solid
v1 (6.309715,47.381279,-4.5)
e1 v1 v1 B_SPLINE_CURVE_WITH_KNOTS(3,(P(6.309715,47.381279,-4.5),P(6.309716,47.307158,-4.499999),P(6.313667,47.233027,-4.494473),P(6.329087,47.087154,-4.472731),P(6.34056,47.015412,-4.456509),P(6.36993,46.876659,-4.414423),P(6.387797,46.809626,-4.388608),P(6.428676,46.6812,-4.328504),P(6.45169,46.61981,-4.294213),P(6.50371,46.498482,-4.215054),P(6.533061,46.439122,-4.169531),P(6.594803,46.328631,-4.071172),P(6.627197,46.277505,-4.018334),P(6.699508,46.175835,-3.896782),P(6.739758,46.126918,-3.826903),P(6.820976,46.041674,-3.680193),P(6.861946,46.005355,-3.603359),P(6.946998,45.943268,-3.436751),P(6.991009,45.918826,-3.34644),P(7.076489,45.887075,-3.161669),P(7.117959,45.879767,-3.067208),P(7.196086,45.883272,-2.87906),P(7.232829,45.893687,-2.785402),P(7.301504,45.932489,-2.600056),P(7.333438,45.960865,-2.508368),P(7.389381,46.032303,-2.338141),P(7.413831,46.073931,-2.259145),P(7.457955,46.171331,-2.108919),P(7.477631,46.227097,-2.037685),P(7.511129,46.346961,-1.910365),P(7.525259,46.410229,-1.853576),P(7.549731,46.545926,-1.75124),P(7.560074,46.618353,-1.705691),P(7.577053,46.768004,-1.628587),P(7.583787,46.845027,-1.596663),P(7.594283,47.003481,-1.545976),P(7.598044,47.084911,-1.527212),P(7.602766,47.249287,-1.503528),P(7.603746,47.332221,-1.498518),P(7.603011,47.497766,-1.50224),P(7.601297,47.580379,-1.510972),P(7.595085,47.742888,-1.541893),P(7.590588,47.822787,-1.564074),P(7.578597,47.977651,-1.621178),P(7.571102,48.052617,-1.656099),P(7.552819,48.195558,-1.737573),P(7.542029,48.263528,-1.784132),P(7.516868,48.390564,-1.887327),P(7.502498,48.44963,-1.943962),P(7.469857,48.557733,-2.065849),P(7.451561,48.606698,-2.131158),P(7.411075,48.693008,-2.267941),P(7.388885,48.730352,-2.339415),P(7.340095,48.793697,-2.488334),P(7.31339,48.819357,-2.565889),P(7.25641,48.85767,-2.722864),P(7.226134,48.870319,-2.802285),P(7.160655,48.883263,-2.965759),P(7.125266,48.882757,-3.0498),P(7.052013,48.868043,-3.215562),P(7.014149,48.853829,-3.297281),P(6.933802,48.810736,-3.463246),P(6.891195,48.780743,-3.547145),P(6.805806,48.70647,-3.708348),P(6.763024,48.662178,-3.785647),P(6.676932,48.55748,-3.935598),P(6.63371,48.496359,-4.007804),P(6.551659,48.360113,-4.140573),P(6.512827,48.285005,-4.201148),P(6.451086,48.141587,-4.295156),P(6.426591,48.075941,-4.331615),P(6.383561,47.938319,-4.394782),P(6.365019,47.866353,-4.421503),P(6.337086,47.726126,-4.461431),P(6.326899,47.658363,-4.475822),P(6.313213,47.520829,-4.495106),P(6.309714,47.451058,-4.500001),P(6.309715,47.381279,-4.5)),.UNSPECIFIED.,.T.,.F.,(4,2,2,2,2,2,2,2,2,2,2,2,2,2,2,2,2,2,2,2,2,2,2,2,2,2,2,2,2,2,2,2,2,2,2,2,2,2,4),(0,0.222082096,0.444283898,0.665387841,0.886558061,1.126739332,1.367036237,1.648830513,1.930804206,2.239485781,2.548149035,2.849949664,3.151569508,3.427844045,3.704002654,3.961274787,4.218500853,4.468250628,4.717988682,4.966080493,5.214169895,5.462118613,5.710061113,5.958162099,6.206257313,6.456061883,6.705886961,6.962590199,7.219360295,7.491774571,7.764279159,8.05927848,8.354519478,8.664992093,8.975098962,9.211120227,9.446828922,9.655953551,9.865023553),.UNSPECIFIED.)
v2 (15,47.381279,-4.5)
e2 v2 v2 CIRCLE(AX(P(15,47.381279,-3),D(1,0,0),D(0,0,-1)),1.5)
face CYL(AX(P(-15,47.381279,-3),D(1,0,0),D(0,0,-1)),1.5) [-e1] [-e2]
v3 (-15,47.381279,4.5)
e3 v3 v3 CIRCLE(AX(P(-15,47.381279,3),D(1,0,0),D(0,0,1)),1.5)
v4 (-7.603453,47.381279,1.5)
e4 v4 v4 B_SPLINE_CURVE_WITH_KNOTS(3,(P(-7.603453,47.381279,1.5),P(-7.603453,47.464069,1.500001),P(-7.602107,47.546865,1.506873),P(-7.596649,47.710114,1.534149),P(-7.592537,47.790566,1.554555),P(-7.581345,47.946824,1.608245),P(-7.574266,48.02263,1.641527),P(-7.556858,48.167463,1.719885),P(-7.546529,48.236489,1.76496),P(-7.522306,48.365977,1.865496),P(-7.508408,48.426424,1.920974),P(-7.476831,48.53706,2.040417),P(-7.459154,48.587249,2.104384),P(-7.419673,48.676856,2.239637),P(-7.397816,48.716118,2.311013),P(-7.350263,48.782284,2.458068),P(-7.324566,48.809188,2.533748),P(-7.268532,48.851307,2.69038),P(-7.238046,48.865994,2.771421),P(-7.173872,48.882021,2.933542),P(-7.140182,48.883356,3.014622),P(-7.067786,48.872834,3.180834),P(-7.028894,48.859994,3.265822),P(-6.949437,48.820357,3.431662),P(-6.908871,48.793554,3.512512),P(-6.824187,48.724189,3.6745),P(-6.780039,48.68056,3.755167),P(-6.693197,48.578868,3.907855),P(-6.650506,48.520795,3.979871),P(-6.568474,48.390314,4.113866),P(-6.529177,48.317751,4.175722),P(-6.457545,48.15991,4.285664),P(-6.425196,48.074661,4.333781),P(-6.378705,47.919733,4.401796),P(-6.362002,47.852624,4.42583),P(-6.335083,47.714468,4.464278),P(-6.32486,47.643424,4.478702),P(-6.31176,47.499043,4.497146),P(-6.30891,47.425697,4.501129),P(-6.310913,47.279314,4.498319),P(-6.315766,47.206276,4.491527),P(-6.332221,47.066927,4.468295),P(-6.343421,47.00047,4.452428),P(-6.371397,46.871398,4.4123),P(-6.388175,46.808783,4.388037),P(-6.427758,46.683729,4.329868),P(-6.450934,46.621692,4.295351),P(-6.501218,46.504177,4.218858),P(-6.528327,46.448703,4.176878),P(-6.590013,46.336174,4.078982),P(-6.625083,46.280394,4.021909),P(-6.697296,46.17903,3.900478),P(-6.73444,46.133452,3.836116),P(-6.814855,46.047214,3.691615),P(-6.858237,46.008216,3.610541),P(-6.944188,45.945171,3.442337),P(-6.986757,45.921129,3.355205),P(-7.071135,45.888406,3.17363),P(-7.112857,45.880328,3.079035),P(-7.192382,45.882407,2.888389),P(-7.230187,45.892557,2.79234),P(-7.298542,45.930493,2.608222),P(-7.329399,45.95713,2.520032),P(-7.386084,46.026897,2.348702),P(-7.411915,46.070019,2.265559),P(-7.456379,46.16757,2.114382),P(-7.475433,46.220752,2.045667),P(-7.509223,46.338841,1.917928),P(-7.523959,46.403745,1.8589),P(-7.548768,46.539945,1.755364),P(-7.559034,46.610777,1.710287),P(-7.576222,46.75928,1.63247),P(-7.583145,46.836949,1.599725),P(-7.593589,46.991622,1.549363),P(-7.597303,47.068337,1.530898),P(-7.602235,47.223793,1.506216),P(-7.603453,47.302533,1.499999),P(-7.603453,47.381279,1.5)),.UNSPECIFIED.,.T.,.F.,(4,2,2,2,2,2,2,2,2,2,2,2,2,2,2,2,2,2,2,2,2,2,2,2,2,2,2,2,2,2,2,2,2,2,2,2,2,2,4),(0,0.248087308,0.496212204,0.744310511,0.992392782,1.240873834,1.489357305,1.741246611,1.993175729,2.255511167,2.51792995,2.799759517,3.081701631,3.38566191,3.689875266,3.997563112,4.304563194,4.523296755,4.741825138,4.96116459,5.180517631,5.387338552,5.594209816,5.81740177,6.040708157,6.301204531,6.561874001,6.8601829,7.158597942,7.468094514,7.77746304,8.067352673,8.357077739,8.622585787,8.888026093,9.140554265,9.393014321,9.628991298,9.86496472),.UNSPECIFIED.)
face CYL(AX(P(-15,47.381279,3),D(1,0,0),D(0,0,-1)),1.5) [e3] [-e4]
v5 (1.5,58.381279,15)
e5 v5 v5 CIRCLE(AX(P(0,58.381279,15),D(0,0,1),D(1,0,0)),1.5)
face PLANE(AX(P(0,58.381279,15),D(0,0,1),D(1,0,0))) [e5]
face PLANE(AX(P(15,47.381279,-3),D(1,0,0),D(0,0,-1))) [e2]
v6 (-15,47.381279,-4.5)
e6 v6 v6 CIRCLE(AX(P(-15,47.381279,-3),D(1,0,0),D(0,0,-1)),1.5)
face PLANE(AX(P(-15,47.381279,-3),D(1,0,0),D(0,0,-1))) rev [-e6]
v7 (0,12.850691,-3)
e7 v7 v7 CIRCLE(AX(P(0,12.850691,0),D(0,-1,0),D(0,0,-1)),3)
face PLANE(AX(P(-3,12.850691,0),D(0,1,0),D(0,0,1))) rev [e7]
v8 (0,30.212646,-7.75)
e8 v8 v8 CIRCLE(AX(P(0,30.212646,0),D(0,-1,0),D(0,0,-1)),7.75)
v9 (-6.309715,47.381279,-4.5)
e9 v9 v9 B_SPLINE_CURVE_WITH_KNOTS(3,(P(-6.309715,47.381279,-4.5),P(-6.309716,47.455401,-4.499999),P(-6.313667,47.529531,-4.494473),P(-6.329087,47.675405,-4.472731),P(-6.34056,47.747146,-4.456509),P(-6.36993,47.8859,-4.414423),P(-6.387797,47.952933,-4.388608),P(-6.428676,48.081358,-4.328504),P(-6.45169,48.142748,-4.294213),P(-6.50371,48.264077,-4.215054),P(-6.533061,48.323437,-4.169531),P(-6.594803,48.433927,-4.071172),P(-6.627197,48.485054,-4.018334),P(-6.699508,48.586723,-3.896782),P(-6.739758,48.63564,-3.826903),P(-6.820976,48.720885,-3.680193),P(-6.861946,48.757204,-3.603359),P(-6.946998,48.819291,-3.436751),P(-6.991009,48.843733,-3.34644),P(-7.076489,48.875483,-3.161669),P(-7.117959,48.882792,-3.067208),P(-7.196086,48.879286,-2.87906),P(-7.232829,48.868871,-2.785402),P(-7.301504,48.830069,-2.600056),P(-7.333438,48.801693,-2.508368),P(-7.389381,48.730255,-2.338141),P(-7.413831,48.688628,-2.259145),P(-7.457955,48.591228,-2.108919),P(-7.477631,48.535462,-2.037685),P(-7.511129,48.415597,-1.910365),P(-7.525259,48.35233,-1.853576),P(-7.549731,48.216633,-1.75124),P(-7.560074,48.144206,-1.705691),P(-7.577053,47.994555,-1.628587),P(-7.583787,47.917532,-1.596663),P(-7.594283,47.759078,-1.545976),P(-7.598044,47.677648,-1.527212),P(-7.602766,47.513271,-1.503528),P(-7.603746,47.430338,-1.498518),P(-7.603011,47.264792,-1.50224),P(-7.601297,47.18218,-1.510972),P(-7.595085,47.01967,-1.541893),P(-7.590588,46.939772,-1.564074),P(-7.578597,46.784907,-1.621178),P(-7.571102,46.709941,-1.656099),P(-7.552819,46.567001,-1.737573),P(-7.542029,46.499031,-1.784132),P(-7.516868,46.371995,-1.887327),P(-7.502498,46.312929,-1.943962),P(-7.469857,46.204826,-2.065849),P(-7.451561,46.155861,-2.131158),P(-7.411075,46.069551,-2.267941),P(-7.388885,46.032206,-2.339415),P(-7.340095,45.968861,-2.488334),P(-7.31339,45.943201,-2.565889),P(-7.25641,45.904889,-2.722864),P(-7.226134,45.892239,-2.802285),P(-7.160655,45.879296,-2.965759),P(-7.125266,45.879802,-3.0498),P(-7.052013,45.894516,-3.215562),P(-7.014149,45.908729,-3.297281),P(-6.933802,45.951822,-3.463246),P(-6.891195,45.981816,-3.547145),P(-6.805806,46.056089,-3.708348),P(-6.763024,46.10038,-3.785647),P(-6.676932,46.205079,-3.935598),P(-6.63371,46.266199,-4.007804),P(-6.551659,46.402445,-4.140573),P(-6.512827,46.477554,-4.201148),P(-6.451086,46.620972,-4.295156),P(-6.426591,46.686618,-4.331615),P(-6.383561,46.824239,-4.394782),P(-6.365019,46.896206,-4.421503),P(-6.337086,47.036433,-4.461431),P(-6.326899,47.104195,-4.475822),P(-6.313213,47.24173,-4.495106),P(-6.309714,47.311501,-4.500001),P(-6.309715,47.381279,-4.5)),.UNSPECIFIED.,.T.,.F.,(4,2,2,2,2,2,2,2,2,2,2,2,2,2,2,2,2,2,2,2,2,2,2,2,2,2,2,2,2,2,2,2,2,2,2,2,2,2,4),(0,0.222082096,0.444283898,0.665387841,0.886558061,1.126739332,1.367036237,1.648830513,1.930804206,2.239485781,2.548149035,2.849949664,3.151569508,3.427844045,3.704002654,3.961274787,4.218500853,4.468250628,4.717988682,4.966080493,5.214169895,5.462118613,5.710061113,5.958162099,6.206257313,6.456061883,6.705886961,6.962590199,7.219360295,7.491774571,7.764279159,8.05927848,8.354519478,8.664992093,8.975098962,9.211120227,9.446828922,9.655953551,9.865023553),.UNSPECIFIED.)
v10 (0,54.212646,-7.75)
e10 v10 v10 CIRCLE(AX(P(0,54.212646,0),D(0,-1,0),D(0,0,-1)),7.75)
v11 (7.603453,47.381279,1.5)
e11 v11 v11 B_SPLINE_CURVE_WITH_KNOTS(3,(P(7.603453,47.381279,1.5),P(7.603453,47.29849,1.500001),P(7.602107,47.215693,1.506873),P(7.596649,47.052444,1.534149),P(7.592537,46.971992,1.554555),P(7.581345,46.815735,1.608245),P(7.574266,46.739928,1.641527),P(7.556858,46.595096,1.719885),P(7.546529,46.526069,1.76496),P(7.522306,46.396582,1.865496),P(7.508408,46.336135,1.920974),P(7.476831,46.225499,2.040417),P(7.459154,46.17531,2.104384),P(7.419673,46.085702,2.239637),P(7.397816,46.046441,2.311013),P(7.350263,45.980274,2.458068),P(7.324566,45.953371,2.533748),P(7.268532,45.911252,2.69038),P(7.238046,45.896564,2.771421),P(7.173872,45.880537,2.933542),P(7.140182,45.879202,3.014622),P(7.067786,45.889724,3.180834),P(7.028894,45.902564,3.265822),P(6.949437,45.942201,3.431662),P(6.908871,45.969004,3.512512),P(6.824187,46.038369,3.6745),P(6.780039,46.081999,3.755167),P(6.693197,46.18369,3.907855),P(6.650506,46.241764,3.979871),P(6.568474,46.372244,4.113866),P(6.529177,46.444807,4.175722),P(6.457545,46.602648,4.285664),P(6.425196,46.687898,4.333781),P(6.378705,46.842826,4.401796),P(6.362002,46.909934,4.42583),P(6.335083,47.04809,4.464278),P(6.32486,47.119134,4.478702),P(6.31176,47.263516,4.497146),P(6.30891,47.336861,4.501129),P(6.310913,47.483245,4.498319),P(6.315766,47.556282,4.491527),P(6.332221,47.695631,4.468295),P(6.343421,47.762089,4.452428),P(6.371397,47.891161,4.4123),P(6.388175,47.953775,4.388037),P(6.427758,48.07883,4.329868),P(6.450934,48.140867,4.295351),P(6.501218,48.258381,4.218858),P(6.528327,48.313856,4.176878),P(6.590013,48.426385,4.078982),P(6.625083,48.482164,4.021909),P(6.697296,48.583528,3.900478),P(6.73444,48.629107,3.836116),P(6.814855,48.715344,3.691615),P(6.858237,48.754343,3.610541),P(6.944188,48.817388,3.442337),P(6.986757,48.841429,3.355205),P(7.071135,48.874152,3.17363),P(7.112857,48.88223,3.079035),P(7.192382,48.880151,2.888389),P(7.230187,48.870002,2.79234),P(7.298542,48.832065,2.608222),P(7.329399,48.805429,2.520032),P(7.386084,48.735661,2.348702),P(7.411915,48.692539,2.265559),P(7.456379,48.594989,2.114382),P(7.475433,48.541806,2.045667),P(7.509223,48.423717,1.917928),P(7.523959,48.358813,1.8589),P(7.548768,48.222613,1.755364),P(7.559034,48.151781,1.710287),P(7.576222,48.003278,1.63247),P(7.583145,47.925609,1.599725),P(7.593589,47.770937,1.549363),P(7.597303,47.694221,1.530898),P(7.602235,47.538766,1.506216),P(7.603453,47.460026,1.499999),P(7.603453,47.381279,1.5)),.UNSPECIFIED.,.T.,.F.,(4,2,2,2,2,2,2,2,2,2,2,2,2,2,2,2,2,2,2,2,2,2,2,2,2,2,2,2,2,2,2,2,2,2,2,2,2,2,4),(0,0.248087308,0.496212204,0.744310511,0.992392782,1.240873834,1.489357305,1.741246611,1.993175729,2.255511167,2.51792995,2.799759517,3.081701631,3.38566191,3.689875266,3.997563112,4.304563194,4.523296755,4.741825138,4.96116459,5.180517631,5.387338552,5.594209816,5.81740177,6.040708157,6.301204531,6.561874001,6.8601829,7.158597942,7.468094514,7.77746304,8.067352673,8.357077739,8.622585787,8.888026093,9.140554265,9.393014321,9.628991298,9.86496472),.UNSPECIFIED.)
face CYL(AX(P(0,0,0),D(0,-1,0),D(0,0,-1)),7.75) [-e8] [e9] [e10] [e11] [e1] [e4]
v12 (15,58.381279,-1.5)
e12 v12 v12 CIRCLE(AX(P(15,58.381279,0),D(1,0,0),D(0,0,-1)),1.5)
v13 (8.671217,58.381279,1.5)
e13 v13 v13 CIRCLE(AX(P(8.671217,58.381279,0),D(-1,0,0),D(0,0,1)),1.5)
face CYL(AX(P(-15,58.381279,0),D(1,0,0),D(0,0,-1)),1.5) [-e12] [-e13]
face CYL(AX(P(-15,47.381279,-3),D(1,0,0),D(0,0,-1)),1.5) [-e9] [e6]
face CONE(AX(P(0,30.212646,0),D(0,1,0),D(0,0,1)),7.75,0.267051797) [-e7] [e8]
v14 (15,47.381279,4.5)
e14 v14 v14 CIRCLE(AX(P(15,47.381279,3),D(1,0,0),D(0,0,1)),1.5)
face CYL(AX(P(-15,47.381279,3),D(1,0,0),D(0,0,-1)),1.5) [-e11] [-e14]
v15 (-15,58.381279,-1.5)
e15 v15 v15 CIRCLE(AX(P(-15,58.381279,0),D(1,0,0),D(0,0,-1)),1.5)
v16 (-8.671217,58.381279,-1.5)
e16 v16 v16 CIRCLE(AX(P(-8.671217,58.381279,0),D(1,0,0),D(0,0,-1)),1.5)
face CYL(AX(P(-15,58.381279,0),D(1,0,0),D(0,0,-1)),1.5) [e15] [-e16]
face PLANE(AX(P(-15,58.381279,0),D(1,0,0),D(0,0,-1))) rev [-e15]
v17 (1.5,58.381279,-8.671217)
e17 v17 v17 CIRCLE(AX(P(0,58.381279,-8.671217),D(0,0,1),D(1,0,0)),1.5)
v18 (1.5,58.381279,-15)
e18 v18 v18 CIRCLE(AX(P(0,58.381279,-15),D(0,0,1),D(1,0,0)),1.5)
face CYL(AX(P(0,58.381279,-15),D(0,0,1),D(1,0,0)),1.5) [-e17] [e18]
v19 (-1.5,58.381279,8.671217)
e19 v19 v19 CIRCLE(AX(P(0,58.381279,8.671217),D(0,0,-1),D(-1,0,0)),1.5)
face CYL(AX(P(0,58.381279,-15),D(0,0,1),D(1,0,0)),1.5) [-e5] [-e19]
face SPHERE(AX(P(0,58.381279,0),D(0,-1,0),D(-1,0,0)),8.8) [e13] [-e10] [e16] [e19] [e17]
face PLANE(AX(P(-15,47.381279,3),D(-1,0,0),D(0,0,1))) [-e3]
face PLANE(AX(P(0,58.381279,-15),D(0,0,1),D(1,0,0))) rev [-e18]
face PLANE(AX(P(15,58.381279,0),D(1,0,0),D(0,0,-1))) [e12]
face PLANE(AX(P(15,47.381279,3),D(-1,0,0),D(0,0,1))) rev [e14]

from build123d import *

# Parameters (mm, degrees)
BOSS_EXTRUDE1_DEPTH      = 15
BOSS_EXTRUDE1_DEPTH_BACK = 15
SKETCH4_R                = 1.5
BOSS_EXTRUDE2_DEPTH      = 15
BOSS_EXTRUDE2_DEPTH_BACK = 15
SKETCH6_R                = 1.5


with BuildPart() as part:
    # Sketch1 → Revolve1 (revolve)
    with BuildSketch(Plane.XY):
        with BuildLine():
            Line((-7.75, 54.212646434), (-7.75, 30.212646434))
            Line((-7.75, 30.212646434), (-3, 12.850690899))
            Line((-3, 12.850690899), (0, 12.850690899))
            Line((0, 12.850690899), (0, 67.181279304))
            ThreePointArc((0, 67.181279304), (-7.553938352, 62.895480825), (-7.75, 54.212646434))
        make_face()
    revolve(axis=Axis((0, 0, 0), (0, 1, 0)))

    # Sketch4 → Boss-Extrude1 (add, two sides: drawn at the far end of the back side and taken through both)
    with BuildSketch(Plane.XY.offset(-BOSS_EXTRUDE1_DEPTH_BACK)):
        with Locations((0, 58.381279304)):
            Circle(SKETCH4_R)
    extrude(amount=BOSS_EXTRUDE1_DEPTH + BOSS_EXTRUDE1_DEPTH_BACK)

    # Sketch6 → Boss-Extrude2 (add, two sides: drawn at the far end of the back side and taken through both)
    with BuildSketch(Plane(origin=(0, 0, 0), x_dir=(0, 0, -1), z_dir=(1, 0, 0)).offset(-BOSS_EXTRUDE2_DEPTH_BACK)):
        with Locations((0, 58.381279304)):
            Circle(SKETCH6_R)
        with Locations((3, 47.381279304)):
            Circle(SKETCH6_R)
        with Locations((-3, 47.381279304)):
            Circle(SKETCH6_R)
    extrude(amount=BOSS_EXTRUDE2_DEPTH + BOSS_EXTRUDE2_DEPTH_BACK)


solid = part.part
